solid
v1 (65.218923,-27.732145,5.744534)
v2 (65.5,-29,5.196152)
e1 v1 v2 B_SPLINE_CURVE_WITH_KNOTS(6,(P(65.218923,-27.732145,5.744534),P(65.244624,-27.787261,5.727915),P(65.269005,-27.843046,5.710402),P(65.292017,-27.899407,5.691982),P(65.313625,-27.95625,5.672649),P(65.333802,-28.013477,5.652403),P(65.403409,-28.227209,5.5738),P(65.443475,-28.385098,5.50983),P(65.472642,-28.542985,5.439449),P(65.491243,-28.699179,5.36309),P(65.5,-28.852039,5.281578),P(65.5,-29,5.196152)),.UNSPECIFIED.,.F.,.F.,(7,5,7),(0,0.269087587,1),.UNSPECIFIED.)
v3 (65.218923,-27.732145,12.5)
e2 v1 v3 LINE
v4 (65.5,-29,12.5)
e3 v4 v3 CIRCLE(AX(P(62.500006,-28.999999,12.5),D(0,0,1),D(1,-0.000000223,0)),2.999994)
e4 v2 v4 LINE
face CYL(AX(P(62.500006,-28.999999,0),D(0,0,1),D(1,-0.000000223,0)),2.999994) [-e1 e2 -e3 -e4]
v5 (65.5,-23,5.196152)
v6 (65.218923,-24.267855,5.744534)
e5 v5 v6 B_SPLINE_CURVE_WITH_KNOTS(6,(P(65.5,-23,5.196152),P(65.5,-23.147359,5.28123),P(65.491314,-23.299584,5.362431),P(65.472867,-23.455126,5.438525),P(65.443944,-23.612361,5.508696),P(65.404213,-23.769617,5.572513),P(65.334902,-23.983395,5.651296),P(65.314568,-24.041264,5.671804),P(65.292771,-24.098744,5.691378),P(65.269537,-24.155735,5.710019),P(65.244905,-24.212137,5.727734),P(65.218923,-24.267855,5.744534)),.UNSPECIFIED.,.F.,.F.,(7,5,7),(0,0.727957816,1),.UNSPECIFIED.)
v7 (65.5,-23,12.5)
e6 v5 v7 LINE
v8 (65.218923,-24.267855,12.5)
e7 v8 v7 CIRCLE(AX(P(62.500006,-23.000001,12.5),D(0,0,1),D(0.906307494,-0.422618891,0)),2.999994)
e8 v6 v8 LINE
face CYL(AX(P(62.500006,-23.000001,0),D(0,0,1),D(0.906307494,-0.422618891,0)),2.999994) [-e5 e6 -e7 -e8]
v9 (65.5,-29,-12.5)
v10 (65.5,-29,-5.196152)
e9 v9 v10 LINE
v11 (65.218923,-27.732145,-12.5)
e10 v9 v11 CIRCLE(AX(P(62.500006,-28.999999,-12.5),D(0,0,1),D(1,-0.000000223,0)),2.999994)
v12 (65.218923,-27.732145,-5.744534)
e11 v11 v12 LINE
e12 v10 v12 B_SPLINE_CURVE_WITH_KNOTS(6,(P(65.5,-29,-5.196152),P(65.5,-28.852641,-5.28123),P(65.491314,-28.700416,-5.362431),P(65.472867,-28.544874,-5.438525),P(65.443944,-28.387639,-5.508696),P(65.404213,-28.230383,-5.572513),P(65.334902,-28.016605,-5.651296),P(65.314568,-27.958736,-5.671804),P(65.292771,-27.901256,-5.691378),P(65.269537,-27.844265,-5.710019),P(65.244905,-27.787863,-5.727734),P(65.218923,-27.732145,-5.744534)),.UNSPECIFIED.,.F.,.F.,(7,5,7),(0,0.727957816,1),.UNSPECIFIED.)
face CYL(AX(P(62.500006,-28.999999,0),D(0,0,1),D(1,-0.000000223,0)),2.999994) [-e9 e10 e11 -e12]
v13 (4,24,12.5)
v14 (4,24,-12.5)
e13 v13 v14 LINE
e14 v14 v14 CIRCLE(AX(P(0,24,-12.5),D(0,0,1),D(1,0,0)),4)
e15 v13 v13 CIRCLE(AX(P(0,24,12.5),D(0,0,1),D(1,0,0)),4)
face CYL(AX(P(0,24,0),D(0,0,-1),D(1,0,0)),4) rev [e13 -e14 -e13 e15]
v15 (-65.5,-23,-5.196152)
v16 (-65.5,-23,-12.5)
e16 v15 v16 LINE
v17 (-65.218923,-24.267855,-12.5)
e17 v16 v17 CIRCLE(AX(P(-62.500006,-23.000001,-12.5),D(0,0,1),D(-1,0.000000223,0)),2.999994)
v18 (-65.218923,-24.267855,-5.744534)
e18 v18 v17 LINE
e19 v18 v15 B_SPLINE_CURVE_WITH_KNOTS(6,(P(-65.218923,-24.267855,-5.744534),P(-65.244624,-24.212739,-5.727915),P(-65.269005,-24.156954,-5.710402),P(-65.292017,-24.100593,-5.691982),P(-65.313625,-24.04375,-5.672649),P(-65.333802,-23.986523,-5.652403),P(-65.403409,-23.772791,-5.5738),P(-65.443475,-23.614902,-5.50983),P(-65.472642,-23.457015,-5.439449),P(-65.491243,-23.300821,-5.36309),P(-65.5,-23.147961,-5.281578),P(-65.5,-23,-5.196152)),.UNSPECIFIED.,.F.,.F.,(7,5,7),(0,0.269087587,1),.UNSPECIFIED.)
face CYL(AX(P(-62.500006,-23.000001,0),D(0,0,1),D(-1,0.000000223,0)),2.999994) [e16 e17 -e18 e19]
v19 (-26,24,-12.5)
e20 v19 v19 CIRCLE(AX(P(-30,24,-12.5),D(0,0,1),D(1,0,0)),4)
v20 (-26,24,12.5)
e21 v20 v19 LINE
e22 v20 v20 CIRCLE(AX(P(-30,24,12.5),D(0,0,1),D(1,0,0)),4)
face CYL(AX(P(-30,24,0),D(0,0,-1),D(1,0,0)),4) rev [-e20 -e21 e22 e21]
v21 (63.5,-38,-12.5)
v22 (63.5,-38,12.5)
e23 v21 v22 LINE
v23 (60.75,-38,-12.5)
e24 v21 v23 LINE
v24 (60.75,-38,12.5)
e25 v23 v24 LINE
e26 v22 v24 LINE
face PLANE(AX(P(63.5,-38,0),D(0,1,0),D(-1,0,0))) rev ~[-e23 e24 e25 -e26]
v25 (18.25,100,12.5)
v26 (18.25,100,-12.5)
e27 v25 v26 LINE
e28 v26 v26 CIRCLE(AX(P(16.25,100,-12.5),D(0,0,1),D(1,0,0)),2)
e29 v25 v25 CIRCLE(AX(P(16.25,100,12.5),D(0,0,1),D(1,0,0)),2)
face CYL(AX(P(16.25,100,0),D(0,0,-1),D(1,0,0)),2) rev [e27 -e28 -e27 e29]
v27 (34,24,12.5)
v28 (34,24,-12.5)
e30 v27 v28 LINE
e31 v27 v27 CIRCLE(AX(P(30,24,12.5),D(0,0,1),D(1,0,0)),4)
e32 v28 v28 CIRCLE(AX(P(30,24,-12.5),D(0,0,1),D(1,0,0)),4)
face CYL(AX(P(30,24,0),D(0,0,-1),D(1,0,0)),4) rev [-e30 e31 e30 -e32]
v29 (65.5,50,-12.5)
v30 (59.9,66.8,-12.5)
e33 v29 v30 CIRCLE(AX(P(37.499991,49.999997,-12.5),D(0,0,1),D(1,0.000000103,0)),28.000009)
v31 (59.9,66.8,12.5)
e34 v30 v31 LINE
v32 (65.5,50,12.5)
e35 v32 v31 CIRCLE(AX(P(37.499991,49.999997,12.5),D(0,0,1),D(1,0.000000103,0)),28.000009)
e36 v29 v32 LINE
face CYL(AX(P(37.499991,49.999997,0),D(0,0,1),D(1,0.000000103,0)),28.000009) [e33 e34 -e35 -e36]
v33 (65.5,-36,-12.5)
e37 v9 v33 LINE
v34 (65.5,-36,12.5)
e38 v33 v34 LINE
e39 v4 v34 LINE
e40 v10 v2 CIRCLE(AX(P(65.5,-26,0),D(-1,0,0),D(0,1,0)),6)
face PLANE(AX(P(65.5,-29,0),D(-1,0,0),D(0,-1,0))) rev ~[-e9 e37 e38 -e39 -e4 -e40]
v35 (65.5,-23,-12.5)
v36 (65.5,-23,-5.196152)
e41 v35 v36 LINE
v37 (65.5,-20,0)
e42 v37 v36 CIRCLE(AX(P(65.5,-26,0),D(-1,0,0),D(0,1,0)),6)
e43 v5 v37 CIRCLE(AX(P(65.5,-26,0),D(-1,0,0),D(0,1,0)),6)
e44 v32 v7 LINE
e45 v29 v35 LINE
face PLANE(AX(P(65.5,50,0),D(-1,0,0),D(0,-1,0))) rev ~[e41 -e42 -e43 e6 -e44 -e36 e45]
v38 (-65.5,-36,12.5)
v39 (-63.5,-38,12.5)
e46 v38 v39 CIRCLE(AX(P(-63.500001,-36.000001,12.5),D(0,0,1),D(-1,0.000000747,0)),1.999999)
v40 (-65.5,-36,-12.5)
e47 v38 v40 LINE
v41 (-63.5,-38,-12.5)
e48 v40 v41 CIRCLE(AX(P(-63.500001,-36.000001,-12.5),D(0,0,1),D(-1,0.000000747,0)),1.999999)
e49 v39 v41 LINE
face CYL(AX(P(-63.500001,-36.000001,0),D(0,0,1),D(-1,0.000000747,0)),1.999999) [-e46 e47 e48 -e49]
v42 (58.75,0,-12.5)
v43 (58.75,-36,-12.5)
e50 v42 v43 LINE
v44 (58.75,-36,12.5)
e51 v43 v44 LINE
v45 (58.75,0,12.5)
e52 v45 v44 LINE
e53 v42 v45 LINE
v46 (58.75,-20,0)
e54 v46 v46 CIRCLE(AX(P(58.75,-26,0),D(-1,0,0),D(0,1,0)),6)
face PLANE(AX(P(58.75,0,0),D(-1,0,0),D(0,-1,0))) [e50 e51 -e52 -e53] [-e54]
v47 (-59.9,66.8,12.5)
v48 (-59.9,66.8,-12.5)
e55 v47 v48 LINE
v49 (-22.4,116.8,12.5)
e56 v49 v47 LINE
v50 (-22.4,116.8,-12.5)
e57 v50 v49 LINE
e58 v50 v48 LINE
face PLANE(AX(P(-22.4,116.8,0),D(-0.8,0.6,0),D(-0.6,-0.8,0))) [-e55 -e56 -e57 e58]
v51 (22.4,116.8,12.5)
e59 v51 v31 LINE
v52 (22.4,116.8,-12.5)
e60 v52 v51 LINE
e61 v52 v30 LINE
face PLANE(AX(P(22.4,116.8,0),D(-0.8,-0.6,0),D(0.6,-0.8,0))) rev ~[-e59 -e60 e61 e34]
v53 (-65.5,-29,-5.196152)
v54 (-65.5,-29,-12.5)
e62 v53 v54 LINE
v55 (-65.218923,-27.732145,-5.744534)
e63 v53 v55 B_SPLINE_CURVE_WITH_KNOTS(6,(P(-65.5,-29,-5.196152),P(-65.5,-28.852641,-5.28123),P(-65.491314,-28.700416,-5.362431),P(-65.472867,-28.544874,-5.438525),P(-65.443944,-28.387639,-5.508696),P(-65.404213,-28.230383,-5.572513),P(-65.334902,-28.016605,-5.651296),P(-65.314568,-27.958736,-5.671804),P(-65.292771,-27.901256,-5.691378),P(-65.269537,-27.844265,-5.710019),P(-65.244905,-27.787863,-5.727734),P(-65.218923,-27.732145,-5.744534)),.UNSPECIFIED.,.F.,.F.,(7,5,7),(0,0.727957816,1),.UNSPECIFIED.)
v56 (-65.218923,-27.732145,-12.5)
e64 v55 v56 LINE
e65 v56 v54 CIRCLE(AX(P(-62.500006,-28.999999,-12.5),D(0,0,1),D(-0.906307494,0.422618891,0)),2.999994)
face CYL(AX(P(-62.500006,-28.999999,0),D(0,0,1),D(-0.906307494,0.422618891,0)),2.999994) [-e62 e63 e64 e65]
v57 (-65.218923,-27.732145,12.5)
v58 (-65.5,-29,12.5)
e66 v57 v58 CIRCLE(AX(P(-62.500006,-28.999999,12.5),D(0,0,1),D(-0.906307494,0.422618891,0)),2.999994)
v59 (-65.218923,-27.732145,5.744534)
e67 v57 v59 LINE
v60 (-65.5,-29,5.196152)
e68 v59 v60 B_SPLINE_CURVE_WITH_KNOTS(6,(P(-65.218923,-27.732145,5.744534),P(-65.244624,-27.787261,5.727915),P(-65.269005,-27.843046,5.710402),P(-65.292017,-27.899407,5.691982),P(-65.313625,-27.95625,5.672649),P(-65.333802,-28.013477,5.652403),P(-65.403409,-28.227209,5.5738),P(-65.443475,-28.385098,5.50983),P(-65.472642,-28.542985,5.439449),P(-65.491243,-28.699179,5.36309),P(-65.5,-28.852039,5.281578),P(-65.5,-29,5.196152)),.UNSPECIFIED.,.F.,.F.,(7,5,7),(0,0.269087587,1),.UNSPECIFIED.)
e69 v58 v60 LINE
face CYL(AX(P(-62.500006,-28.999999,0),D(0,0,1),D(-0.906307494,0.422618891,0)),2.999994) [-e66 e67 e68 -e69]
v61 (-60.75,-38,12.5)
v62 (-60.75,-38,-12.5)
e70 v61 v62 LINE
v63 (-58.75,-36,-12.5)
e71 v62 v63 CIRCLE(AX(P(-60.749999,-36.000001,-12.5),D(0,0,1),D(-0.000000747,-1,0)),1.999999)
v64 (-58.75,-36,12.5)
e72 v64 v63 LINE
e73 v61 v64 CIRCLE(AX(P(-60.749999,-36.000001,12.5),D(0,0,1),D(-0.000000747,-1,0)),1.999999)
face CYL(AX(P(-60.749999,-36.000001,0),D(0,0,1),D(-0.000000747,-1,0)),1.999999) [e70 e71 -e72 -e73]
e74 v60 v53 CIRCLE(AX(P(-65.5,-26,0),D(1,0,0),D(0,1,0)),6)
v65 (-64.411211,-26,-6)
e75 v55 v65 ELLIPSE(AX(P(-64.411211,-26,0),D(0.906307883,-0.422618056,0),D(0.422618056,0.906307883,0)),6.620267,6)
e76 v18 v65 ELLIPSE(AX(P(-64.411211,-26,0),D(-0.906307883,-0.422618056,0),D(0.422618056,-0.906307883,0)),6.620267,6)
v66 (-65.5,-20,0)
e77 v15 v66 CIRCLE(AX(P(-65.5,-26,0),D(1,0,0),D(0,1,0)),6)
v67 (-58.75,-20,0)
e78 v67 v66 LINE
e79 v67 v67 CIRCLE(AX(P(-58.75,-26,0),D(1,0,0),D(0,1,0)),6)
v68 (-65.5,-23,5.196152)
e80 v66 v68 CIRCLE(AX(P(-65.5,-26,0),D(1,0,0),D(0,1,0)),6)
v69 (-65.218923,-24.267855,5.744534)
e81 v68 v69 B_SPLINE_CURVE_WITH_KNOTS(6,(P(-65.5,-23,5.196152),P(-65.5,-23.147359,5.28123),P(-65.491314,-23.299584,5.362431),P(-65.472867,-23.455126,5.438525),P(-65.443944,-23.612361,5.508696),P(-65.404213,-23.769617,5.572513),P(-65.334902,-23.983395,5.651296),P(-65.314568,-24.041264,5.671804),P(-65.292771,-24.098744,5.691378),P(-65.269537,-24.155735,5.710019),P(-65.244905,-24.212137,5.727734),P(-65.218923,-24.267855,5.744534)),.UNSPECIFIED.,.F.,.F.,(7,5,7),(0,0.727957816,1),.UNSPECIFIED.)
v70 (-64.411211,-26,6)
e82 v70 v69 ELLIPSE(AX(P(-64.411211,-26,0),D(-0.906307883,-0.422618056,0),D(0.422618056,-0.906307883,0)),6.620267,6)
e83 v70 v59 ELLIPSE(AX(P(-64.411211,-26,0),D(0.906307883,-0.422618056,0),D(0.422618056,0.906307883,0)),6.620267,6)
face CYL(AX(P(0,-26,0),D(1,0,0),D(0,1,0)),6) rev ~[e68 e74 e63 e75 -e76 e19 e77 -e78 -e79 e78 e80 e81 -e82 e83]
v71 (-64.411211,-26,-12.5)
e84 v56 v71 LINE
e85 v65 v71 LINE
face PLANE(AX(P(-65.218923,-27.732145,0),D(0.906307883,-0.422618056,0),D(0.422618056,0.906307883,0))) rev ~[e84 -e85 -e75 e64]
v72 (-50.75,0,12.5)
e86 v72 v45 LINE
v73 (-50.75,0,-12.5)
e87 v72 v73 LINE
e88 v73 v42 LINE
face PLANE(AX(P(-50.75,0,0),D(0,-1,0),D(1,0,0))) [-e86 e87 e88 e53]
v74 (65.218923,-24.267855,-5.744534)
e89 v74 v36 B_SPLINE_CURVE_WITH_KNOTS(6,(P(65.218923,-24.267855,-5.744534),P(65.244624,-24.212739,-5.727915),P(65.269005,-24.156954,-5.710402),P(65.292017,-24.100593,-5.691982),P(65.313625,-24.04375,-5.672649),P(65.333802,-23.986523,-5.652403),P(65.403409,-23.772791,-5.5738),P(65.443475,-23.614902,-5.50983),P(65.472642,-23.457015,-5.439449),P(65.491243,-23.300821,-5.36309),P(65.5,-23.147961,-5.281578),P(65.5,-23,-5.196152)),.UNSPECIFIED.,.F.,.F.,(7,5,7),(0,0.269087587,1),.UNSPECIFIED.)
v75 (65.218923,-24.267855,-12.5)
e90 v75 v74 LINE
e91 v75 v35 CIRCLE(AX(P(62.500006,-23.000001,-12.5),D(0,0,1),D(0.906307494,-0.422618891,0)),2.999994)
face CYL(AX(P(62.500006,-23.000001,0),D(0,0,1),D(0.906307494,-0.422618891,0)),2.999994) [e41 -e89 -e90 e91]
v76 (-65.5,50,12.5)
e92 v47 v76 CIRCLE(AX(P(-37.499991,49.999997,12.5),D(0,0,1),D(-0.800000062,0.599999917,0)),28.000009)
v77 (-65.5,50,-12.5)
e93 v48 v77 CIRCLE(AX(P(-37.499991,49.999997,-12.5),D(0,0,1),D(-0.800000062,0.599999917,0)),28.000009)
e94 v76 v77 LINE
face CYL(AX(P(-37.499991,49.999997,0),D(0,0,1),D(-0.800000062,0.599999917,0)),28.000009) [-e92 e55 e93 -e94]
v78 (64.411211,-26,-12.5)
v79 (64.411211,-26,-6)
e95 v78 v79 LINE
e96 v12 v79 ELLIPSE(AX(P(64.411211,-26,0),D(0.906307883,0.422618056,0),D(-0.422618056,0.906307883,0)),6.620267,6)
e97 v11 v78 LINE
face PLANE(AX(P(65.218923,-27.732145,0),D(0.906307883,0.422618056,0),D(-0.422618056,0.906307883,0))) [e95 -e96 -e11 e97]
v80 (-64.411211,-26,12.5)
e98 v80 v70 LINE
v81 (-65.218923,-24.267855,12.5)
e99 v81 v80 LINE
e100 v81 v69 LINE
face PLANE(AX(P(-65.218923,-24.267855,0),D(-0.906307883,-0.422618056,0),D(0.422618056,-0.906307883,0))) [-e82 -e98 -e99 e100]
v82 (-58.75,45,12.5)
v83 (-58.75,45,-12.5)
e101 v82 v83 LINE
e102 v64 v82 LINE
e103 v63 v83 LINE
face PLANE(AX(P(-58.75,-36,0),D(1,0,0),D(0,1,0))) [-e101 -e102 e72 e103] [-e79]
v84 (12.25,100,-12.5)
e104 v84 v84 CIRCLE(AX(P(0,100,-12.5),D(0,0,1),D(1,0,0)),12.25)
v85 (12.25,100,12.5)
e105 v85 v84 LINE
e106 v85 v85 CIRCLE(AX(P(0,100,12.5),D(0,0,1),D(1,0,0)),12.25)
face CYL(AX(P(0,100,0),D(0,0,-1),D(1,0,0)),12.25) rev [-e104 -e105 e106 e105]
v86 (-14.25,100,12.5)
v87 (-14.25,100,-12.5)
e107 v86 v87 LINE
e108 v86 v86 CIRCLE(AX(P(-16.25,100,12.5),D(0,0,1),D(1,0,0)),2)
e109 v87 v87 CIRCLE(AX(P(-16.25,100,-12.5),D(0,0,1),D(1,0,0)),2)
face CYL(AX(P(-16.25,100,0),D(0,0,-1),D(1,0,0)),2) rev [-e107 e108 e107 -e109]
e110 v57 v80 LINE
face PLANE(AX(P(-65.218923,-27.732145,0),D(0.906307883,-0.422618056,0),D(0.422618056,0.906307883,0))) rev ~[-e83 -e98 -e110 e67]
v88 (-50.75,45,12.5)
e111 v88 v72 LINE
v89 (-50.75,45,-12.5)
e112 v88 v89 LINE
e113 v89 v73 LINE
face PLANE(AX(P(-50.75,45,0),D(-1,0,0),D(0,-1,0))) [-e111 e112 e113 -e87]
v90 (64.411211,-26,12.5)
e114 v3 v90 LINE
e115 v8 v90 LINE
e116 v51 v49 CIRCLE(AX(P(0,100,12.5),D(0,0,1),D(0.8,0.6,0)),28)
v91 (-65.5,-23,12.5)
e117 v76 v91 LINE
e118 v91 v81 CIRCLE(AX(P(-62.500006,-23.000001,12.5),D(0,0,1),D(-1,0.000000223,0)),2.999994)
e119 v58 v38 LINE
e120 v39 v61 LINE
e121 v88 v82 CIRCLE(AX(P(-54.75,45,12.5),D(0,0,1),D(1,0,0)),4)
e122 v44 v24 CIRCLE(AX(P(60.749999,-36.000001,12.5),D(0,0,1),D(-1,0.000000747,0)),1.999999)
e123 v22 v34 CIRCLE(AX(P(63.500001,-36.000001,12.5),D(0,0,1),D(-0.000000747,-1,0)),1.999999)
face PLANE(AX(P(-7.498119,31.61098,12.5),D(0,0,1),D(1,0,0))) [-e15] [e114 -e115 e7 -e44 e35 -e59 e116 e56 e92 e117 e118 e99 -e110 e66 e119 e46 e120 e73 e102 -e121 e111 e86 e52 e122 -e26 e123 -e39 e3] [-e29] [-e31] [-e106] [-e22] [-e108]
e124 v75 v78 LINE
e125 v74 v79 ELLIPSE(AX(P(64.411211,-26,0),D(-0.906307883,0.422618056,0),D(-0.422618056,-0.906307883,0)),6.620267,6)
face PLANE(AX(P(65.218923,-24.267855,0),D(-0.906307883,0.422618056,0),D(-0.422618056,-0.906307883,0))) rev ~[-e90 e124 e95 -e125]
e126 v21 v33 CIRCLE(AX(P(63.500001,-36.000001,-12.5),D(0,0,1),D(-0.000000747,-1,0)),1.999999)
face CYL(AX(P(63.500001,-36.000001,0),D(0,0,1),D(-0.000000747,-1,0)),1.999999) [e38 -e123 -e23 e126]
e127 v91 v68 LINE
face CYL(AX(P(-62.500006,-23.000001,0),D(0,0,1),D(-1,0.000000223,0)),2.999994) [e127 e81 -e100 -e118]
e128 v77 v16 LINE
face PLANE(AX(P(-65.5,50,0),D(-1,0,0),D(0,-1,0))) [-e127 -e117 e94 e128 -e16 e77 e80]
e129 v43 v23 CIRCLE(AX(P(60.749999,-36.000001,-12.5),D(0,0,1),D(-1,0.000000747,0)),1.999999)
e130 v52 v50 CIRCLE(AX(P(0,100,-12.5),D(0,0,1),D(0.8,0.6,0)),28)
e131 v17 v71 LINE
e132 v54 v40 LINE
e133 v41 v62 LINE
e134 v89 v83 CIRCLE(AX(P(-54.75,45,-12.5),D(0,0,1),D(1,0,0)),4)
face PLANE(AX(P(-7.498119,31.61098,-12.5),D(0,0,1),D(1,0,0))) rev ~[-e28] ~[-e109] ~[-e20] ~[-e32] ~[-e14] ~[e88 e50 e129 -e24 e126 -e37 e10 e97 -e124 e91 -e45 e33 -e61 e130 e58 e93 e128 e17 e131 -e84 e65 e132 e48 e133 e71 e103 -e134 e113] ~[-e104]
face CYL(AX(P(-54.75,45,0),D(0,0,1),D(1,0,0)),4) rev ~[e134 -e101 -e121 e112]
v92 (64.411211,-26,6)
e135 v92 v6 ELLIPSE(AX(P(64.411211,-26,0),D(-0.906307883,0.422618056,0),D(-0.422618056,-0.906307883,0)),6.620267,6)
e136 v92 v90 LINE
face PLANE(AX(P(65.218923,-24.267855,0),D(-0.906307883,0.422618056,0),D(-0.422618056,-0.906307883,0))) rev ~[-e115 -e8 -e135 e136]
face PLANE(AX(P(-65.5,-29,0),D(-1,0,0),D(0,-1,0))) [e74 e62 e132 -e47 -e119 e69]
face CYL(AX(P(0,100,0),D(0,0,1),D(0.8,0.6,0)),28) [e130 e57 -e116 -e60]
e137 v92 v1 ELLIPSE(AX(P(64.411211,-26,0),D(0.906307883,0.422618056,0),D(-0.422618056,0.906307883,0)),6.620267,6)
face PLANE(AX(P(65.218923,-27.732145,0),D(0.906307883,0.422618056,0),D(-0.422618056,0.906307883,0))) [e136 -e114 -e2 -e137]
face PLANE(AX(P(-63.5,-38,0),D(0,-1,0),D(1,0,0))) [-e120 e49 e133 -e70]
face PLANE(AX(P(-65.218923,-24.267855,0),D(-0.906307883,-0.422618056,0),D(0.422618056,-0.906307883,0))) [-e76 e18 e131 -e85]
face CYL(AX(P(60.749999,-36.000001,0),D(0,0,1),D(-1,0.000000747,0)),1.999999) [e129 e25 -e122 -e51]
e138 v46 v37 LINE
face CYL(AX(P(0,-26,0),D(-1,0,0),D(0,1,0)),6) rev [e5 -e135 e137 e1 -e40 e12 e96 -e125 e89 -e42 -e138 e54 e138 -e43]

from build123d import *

# Parameters (mm, degrees)
SKETCH_R          = 12.25
SKETCH_R_2        = 2
SKETCH_R_3        = 4
PAD_DEPTH         = 12.5
SKETCH001_R       = 6
POCKET_DEPTH      = 65.501
POCKET_DEPTH_BACK = -65.501


with BuildPart() as part:
    # Sketch → Pad (new body, symmetric)
    with BuildSketch(Plane.XY):
        with BuildLine():
            Line((-50.75, 0), (58.75, 0))
            Line((58.75, 0), (58.75, -36))
            ThreePointArc((58.75, -36), (59.335786, -37.414214), (60.75, -38))
            Line((63.5, -38), (60.75, -38))
            ThreePointArc((63.5, -38), (64.914214, -37.414214), (65.5, -36))
            Line((65.5, -29), (65.5, -36))
            ThreePointArc((65.5, -29), (65.428888, -28.350681), (65.218923, -27.732145))
            Line((65.218923, -27.732145), (64.411211, -26))
            Line((65.218923, -24.267855), (64.411211, -26))
            ThreePointArc((65.218923, -24.267855), (65.428888, -23.649319), (65.5, -23))
            Line((65.5, 0), (65.5, -23))
            Line((65.5, 50), (65.5, 0))
            ThreePointArc((65.5, 50), (64.063132, 58.854377), (59.9, 66.8))
            Line((22.4, 116.8), (59.9, 66.8))
            ThreePointArc((22.4, 116.8), (0, 128), (-22.4, 116.8))
            Line((-22.4, 116.8), (-59.9, 66.8))
            ThreePointArc((-59.9, 66.8), (-64.063132, 58.854377), (-65.5, 50))
            Line((-65.5, 0), (-65.5, 50))
            Line((-65.5, 0), (-65.5, -23))
            ThreePointArc((-65.5, -23), (-65.428888, -23.649319), (-65.218923, -24.267855))
            Line((-65.218923, -24.267855), (-64.411211, -26))
            Line((-65.218923, -27.732145), (-64.411211, -26))
            ThreePointArc((-65.218923, -27.732145), (-65.428888, -28.350681), (-65.5, -29))
            Line((-65.5, -29), (-65.5, -36))
            ThreePointArc((-65.5, -36), (-64.914214, -37.414214), (-63.5, -38))
            Line((-63.5, -38), (-60.75, -38))
            ThreePointArc((-60.75, -38), (-59.335786, -37.414214), (-58.75, -36))
            Line((-58.75, 0), (-58.75, -36))
            Line((-58.75, 0), (-58.75, 45))
            ThreePointArc((-50.75, 45), (-54.75, 49), (-58.75, 45))
            Line((-50.75, 45), (-50.75, 0))
        make_face()
        with Locations((0, 100)):
            Circle(SKETCH_R, mode=Mode.SUBTRACT)
        with Locations((16.25, 100)):
            Circle(SKETCH_R_2, mode=Mode.SUBTRACT)
        with Locations((-16.25, 100)):
            Circle(SKETCH_R_2, mode=Mode.SUBTRACT)
        with Locations((0, 24)):
            Circle(SKETCH_R_3, mode=Mode.SUBTRACT)
        with Locations((30, 24)):
            Circle(SKETCH_R_3, mode=Mode.SUBTRACT)
        with Locations((-30, 24)):
            Circle(SKETCH_R_3, mode=Mode.SUBTRACT)
    extrude(amount=PAD_DEPTH, both=True)

    # Sketch001 → Pocket (cut, two sides)
    with BuildSketch(Plane.YZ) as pocket_sk:
        with Locations((-26, 0)):
            Circle(SKETCH001_R)
    extrude(amount=-POCKET_DEPTH, mode=Mode.SUBTRACT)
    extrude(pocket_sk.sketch, amount=-POCKET_DEPTH_BACK, mode=Mode.SUBTRACT)


solid = part.part
